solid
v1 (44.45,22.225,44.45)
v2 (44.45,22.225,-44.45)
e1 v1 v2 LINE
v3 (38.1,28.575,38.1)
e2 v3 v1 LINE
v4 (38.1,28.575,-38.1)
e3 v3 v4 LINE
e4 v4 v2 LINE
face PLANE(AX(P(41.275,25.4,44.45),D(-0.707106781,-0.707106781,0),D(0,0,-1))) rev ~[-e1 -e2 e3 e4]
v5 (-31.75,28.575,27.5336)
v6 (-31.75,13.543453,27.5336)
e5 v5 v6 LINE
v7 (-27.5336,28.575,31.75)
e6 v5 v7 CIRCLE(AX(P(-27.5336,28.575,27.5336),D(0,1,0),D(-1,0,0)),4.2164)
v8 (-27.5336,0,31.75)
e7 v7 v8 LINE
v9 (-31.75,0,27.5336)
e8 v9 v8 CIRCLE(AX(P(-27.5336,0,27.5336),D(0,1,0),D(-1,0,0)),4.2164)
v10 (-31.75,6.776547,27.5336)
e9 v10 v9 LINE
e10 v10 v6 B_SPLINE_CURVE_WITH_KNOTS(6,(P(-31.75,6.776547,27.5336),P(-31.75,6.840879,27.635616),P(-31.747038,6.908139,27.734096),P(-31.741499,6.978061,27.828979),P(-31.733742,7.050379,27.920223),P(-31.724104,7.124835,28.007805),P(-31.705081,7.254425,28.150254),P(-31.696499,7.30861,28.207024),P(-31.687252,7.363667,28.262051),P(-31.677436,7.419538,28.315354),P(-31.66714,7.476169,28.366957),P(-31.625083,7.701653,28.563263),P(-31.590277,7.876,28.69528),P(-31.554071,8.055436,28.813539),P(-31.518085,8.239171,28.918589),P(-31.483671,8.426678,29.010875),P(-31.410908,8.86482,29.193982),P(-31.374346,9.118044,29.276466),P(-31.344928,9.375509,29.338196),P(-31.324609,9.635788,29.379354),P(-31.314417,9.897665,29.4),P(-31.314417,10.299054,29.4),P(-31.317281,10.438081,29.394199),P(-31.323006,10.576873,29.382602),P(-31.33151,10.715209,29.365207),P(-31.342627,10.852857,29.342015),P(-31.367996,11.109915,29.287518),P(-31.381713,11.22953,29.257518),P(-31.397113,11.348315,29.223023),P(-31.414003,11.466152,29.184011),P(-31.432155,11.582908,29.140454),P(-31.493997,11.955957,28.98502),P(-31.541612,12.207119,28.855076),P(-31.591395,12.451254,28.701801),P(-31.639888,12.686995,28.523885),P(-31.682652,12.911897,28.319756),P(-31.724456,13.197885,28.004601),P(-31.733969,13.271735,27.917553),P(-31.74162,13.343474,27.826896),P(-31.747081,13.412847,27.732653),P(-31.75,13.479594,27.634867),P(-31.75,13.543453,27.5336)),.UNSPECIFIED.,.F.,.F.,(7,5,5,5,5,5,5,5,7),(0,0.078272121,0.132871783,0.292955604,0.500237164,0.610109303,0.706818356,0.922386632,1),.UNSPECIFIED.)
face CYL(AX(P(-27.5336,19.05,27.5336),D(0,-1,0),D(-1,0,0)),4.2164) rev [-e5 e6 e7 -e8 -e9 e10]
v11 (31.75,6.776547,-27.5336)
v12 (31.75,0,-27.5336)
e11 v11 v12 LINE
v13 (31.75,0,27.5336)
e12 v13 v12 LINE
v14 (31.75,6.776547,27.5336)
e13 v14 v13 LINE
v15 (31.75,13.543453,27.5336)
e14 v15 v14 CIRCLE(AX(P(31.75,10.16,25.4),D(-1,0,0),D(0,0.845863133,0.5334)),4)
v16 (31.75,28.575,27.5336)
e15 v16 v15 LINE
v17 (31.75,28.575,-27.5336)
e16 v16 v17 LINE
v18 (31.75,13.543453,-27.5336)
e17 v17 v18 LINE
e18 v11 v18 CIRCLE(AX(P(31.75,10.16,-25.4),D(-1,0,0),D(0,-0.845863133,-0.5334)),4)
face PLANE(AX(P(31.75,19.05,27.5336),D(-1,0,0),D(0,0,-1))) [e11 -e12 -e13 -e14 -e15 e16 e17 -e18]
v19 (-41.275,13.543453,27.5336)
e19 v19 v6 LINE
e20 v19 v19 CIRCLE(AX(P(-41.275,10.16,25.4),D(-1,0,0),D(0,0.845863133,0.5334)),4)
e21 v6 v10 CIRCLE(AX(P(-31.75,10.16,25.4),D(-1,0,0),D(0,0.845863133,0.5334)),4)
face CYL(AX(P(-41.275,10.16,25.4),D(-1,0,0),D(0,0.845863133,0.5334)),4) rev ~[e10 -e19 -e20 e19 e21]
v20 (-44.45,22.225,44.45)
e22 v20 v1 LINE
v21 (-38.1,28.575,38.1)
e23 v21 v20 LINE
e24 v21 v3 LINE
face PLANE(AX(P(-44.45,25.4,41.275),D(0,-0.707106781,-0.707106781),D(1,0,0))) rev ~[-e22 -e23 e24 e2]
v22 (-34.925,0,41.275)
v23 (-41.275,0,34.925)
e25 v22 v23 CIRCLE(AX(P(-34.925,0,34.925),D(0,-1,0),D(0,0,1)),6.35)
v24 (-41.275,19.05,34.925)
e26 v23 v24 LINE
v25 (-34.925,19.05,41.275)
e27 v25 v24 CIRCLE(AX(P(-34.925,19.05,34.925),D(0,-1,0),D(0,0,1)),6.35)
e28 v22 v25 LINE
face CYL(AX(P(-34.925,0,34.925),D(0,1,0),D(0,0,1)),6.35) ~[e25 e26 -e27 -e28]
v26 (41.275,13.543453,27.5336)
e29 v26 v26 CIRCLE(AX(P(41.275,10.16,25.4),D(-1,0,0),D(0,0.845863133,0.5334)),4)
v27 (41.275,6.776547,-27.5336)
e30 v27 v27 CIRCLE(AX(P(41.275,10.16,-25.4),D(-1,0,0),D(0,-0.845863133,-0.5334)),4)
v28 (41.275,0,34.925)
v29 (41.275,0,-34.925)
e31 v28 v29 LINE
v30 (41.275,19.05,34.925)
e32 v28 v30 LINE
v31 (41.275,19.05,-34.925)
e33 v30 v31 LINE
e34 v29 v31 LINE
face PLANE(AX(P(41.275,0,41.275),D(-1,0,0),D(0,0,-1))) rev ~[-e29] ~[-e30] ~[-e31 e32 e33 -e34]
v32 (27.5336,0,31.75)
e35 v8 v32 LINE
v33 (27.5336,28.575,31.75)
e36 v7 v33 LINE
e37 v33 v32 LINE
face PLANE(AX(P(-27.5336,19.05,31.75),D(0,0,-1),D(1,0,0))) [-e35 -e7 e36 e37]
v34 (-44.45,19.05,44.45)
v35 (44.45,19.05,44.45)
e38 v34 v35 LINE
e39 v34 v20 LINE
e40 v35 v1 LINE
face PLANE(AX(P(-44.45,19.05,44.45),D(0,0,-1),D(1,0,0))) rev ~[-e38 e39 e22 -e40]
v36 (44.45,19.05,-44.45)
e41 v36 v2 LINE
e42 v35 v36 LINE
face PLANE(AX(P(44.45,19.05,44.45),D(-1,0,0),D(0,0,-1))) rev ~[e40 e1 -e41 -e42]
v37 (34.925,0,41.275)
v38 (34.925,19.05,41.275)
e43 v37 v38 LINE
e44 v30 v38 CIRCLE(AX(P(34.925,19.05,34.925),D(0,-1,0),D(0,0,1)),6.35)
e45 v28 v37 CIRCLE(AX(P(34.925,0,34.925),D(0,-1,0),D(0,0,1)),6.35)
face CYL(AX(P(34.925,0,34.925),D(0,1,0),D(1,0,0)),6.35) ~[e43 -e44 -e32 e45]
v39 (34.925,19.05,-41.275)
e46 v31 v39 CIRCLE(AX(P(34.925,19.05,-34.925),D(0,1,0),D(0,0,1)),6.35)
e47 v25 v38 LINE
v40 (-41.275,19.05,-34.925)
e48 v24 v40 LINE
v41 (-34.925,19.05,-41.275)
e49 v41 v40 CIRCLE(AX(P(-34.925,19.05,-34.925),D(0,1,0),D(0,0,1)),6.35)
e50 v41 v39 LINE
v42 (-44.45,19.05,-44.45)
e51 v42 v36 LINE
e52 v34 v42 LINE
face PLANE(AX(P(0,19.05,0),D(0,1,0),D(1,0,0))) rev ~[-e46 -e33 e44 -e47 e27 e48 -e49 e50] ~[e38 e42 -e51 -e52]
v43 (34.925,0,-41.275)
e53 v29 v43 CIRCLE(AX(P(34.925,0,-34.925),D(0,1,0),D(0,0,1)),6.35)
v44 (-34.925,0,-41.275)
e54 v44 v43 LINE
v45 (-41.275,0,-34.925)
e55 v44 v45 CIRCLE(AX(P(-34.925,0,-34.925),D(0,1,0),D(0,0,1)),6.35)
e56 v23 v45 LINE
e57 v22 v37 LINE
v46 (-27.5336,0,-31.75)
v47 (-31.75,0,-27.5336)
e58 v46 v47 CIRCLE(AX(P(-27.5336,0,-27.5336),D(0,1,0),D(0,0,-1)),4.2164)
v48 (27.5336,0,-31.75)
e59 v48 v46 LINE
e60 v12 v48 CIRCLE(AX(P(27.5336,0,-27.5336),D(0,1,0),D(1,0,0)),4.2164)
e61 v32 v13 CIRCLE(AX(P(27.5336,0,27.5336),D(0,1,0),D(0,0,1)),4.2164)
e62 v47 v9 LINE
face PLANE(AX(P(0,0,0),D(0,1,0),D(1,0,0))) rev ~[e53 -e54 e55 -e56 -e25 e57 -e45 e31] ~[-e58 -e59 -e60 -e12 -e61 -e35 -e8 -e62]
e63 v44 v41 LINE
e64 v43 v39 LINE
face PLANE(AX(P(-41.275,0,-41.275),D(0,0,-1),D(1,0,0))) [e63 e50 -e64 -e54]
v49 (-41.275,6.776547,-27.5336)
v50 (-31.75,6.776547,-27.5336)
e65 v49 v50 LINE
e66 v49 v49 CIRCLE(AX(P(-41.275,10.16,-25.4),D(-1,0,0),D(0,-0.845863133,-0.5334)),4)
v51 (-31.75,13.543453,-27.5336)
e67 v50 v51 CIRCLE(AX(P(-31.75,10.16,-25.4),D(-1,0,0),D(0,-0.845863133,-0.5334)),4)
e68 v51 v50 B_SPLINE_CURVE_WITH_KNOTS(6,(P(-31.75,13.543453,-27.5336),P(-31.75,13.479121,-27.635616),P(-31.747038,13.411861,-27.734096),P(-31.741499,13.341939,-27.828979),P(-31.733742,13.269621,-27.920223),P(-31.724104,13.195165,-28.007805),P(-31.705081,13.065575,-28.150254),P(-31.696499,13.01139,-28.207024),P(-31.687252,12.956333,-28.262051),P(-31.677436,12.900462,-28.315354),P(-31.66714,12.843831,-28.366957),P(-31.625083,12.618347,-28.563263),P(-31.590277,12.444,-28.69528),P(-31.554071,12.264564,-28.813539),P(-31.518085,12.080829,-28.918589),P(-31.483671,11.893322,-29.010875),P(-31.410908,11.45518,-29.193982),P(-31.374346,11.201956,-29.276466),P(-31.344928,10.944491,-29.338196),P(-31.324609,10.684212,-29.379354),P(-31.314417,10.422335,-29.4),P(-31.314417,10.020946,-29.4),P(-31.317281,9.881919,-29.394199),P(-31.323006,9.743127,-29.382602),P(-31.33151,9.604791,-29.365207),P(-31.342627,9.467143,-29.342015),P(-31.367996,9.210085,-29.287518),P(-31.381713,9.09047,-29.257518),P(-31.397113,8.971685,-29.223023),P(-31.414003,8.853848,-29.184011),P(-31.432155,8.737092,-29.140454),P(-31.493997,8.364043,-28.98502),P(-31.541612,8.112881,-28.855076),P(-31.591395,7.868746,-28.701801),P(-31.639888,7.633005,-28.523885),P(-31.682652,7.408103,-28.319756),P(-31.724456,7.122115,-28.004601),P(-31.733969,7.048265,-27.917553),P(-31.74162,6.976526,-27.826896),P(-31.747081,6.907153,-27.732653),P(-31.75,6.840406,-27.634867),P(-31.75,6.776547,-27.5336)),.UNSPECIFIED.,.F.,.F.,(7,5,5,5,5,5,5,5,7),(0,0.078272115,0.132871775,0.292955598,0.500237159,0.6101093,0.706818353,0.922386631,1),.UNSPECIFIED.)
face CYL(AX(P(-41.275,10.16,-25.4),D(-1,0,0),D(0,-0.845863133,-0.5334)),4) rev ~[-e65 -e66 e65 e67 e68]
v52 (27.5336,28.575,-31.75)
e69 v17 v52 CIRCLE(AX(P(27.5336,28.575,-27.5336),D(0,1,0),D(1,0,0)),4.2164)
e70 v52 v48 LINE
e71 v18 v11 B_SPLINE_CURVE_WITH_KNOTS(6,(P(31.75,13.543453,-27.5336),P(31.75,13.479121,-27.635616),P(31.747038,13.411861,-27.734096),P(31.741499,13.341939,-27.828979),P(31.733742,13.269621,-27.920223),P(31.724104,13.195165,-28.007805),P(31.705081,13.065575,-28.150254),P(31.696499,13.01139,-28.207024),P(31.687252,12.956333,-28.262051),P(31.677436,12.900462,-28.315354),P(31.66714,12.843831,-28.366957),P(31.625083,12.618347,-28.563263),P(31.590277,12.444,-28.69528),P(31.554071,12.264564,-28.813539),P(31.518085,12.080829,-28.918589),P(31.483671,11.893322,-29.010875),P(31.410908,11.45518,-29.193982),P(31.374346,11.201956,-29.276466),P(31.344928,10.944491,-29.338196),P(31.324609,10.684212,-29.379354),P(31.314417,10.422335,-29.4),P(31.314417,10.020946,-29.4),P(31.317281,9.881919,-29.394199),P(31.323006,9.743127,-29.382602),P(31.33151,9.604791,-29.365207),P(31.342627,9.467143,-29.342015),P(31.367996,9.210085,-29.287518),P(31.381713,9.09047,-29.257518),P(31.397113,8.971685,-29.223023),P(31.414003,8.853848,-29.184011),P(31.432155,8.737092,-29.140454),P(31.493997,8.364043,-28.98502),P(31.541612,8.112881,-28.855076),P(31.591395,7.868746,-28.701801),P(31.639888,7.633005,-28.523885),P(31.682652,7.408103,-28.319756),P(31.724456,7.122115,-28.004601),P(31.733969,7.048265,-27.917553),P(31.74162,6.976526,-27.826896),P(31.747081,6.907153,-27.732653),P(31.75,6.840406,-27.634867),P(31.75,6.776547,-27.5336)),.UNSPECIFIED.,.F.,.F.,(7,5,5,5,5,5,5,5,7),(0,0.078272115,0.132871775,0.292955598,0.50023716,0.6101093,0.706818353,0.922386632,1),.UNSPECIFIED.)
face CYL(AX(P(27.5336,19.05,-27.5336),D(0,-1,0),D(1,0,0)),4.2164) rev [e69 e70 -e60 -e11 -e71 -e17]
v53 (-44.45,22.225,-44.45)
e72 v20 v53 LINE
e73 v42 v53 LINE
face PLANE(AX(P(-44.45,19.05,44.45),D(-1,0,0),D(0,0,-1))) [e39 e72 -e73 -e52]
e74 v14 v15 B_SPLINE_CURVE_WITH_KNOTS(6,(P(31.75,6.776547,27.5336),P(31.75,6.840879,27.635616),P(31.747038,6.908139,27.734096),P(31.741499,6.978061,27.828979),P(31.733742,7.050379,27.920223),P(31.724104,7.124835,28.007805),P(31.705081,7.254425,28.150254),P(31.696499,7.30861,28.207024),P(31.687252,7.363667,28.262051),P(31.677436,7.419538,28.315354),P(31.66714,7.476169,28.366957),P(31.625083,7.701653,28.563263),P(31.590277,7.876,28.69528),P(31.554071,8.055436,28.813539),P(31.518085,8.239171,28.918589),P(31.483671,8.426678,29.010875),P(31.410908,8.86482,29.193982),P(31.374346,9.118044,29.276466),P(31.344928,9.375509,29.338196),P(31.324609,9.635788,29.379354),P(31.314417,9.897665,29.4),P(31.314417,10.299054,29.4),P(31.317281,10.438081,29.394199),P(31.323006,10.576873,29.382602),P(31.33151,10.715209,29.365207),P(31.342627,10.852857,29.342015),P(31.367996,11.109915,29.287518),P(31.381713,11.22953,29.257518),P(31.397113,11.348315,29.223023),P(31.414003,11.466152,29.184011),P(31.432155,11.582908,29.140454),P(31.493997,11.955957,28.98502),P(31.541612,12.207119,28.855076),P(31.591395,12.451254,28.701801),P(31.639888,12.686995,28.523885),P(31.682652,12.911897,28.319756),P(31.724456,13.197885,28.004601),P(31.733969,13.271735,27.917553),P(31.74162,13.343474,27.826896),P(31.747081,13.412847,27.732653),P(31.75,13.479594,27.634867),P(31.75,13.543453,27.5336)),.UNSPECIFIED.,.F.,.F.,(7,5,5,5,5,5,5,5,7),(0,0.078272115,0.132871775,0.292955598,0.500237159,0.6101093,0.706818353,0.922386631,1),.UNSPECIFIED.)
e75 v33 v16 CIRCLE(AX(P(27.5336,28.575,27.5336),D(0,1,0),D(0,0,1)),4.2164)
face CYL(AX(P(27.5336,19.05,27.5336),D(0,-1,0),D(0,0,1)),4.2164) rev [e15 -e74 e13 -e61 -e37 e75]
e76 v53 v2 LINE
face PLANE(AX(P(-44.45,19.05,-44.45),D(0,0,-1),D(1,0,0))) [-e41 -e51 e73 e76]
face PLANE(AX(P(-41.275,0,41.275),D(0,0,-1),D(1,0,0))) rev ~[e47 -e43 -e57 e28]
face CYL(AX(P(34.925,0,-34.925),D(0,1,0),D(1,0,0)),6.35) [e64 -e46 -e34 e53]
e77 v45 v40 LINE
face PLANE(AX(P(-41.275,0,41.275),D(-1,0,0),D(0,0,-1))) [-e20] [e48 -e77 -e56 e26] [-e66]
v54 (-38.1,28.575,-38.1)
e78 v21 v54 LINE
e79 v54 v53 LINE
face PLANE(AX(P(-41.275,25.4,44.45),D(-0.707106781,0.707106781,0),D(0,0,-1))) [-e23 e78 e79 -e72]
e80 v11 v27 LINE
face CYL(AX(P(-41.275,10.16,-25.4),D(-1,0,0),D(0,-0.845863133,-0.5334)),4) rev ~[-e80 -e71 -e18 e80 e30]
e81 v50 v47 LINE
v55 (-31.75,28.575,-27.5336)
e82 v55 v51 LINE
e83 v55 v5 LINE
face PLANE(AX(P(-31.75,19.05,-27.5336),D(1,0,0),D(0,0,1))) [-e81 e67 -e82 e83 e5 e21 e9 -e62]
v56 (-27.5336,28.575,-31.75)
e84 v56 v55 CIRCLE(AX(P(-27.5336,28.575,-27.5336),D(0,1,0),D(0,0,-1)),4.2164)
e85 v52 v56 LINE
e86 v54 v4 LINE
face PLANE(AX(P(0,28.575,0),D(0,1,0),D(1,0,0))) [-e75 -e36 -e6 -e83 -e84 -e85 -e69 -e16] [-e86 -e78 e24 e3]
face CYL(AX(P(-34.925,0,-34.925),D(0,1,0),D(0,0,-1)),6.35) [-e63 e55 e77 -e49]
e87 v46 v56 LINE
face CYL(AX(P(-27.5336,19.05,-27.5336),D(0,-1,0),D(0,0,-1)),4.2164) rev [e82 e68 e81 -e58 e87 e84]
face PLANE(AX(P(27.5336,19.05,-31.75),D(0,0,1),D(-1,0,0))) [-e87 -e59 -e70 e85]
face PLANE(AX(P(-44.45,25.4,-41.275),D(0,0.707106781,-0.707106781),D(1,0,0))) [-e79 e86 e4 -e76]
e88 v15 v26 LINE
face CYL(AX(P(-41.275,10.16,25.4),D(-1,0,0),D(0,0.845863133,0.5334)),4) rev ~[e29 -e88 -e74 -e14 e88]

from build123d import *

# Parameters (mm, degrees)
SKETCH1_W           = 82.55
SKETCH1_H           = 82.55
BOSS_EXTRUDE1_DEPTH = 19.05
BOSS_EXTRUDE2_START = 19.05
SKETCH1_3_W         = 88.9
SKETCH1_3_H         = 88.9
SKETCH1_3_W_2       = 82.55
SKETCH1_3_H_2       = 82.55
BOSS_EXTRUDE2_DEPTH = 9.525
FILLET1_R           = 6.35
CHAMFER1_SIZE       = 6.35
SKETCH2_R           = 4
CUT_EXTRUDE2_DEPTH  = 101.703072197


with BuildPart() as part:
    # Sketch1 → Boss-Extrude1 (new body)
    with BuildSketch(Plane(origin=(0, 0, 0), x_dir=(1, 0, 0), z_dir=(0, 1, 0))):
        Rectangle(SKETCH1_W, SKETCH1_H)
        with BuildLine():
            ThreePointArc((-27.5336, 31.75), (-30.515045032, 30.515045032), (-31.75, 27.5336))
            Line((-31.75, 27.5336), (-31.75, -27.5336))
            ThreePointArc((-31.75, -27.5336), (-30.515045032, -30.515045032), (-27.5336, -31.75))
            Line((-27.5336, -31.75), (27.5336, -31.75))
            ThreePointArc((27.5336, -31.75), (30.515045032, -30.515045032), (31.75, -27.5336))
            Line((31.75, -27.5336), (31.75, 27.5336))
            ThreePointArc((31.75, 27.5336), (30.515045032, 30.515045032), (27.5336, 31.75))
            Line((27.5336, 31.75), (-27.5336, 31.75))
        make_face(mode=Mode.SUBTRACT)
    extrude(amount=BOSS_EXTRUDE1_DEPTH)

    # Sketch1<3> → Boss-Extrude2 (add)
    # profile 1 of 2: a face of its own
    with BuildSketch(Plane(origin=(0, 0, 0), x_dir=(1, 0, 0), z_dir=(0, 1, 0)).offset(BOSS_EXTRUDE2_START)):
        Rectangle(SKETCH1_3_W, SKETCH1_3_H)
        Rectangle(SKETCH1_3_W_2, SKETCH1_3_H_2, mode=Mode.SUBTRACT)
    # profile 2 of 2: a face of its own
    with BuildSketch(Plane(origin=(0, 0, 0), x_dir=(1, 0, 0), z_dir=(0, 1, 0)).offset(BOSS_EXTRUDE2_START)):
        Rectangle(SKETCH1_3_W_2, SKETCH1_3_H_2)
        with BuildLine():
            ThreePointArc((-27.5336, 31.75), (-30.515045032, 30.515045032), (-31.75, 27.5336))
            Line((-31.75, 27.5336), (-31.75, -27.5336))
            ThreePointArc((-31.75, -27.5336), (-30.515045032, -30.515045032), (-27.5336, -31.75))
            Line((-27.5336, -31.75), (27.5336, -31.75))
            ThreePointArc((27.5336, -31.75), (30.515045032, -30.515045032), (31.75, -27.5336))
            Line((31.75, -27.5336), (31.75, 27.5336))
            ThreePointArc((31.75, 27.5336), (30.515045032, 30.515045032), (27.5336, 31.75))
            Line((27.5336, 31.75), (-27.5336, 31.75))
        make_face(mode=Mode.SUBTRACT)
    extrude(amount=BOSS_EXTRUDE2_DEPTH)

    # Fillet1
    fillet1_edges = [part.edges().sort_by_distance(p)[0] for p in [
        (41.275, 9.525, -41.275),
        (41.275, 9.525, 41.275),
        (-41.275, 9.525, 41.275),
        (-41.275, 9.525, -41.275),
    ]]
    fillet(fillet1_edges, radius=FILLET1_R)

    # Chamfer1
    chamfer1_edges = [part.edges().sort_by_distance(p)[0] for p in [
        (44.45, 28.575, 0),
        (0, 28.575, 44.45),
        (0, 28.575, -44.45),
        (-44.45, 28.575, 0),
    ]]
    chamfer(chamfer1_edges, length=CHAMFER1_SIZE)

    # Sketch2 → Cut-Extrude2 (cut, through all)
    with BuildSketch(Plane.ZY.offset(41.275)):
        with Locations(Location((-25.4, 10.16, 0), (0, 0, 237.764531712))):
            Circle(SKETCH2_R)
        with Locations(Location((25.4, 10.16, 0), (0, 0, 57.764531712))):
            Circle(SKETCH2_R)
    extrude(amount=-CUT_EXTRUDE2_DEPTH, mode=Mode.SUBTRACT)


solid = part.part
